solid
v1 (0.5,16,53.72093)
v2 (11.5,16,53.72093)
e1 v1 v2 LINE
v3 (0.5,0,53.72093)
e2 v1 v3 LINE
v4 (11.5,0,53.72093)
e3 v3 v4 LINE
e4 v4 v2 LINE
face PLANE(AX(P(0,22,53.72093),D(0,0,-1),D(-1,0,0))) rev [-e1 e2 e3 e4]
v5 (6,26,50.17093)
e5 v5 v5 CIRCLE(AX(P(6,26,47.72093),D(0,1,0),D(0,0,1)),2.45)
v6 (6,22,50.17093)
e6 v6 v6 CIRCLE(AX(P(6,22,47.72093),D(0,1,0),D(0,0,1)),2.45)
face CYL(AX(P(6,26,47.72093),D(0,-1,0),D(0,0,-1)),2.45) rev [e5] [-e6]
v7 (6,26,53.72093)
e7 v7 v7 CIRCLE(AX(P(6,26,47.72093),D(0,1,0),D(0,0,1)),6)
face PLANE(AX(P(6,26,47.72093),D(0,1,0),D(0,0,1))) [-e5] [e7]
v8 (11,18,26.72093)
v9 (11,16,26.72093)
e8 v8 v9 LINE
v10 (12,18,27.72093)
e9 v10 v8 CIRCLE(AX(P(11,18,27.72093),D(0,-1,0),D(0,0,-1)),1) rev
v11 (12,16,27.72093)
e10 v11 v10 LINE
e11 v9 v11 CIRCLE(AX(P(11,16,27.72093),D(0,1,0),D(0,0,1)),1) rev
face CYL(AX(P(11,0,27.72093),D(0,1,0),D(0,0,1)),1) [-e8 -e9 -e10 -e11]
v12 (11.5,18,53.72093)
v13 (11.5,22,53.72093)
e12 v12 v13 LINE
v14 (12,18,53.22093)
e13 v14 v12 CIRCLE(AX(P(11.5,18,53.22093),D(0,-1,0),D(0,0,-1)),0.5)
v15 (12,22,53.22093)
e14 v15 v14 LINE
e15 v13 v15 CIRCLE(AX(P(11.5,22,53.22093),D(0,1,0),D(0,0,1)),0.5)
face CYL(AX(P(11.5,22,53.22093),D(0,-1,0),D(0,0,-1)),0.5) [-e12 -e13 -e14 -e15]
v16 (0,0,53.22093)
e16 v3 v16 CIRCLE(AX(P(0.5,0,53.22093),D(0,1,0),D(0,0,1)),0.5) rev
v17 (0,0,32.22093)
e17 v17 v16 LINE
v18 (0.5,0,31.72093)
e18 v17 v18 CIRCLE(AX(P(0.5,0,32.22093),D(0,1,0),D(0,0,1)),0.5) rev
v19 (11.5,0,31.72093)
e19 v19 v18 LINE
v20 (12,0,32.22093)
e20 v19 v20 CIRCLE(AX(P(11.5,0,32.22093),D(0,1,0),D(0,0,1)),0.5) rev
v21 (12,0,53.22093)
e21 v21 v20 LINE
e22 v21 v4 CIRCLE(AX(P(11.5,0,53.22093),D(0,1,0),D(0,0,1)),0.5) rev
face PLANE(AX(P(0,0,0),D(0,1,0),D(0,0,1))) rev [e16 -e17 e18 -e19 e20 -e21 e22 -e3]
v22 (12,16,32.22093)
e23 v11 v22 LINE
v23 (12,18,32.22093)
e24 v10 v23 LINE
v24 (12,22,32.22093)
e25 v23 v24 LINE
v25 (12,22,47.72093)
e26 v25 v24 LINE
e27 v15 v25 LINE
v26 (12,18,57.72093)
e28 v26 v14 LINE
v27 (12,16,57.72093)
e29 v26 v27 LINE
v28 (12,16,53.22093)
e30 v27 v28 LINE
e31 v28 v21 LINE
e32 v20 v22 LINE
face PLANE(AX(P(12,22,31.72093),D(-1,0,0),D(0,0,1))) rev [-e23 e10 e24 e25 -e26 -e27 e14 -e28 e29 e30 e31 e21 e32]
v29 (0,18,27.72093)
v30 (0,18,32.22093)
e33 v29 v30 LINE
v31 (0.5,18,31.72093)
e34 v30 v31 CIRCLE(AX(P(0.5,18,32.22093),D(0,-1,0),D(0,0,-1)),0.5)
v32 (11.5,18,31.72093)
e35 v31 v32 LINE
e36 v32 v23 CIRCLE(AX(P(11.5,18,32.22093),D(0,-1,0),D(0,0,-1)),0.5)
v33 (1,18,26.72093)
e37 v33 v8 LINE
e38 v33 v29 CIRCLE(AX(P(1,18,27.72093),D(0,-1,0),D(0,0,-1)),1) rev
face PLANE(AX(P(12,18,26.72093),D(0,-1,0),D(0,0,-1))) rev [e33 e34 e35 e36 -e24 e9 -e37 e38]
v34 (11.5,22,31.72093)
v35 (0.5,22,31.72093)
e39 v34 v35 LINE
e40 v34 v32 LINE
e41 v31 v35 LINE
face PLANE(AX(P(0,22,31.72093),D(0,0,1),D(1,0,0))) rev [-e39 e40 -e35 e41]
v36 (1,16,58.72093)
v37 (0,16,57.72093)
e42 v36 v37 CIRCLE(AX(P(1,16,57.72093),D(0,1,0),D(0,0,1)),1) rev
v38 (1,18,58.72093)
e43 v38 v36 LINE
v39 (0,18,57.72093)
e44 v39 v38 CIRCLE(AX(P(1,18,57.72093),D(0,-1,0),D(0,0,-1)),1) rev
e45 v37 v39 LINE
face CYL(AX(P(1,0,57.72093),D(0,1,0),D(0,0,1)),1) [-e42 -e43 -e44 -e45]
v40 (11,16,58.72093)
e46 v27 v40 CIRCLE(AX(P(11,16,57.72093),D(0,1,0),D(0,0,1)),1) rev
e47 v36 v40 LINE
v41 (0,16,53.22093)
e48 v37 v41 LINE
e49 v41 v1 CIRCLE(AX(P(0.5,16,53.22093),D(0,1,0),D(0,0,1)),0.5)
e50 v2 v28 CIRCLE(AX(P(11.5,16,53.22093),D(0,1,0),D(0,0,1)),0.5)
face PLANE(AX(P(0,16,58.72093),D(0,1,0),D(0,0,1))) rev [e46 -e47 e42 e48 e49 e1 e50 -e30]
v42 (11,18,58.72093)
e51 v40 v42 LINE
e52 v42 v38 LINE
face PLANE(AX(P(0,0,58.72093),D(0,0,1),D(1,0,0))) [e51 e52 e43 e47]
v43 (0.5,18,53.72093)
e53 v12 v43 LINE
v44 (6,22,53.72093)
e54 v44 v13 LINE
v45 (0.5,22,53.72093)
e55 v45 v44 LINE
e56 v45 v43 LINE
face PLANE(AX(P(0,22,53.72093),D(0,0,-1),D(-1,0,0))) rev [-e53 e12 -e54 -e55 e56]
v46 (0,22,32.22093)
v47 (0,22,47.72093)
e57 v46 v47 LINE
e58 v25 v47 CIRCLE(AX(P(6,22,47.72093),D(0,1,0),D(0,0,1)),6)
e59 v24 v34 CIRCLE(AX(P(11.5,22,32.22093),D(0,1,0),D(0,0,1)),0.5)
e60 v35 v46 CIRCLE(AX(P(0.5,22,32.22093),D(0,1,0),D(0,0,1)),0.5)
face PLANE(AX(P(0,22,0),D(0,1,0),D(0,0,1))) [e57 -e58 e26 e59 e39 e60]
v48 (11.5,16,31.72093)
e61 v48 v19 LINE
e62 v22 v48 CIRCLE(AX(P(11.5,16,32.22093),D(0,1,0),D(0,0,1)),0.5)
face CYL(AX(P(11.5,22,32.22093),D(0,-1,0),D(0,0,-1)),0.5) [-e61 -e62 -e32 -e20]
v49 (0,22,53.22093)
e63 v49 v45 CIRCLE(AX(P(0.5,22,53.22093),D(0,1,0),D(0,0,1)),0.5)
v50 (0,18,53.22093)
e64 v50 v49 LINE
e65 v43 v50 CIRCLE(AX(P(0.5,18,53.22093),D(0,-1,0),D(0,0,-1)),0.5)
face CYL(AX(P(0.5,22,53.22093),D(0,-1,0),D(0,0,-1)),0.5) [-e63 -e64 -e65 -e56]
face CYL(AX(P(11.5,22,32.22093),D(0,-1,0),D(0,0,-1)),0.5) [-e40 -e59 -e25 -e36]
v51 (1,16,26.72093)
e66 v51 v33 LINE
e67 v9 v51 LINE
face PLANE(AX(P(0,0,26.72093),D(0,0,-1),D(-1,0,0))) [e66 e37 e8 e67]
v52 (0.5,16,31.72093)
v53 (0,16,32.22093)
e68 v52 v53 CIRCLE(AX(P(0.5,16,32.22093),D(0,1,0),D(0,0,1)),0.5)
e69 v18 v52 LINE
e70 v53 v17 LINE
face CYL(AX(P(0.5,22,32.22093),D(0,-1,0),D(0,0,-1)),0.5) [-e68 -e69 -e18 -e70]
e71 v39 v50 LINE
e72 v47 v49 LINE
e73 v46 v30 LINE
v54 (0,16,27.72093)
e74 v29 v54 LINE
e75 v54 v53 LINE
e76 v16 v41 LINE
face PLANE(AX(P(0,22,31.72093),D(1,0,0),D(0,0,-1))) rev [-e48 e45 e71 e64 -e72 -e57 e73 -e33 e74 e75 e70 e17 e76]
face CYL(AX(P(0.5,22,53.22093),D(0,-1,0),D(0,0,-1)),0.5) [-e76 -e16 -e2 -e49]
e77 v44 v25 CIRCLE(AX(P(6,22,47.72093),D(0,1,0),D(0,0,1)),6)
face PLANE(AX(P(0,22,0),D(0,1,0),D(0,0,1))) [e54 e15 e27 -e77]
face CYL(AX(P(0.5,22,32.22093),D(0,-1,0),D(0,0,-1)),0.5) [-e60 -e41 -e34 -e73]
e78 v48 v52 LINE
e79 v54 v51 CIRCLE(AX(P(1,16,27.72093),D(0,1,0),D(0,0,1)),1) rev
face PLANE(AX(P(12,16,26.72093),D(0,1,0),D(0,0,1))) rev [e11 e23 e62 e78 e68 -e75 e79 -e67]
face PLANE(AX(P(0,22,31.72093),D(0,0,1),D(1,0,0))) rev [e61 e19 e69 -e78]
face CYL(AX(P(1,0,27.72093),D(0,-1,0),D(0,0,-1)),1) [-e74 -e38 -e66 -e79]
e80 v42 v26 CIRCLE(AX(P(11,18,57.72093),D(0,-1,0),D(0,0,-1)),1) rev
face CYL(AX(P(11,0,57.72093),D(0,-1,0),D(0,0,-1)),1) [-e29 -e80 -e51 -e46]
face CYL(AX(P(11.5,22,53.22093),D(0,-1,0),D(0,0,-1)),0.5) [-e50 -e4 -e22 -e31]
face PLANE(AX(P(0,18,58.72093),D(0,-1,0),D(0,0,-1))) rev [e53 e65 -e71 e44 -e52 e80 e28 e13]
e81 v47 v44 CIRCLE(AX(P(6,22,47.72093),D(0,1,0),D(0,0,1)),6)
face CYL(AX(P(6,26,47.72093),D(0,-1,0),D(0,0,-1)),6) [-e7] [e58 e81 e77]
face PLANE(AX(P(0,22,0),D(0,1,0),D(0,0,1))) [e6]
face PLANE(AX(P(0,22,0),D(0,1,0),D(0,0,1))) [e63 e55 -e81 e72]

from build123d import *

# Parameters (mm, degrees)
SKETCH2_W           = 12
SKETCH2_H           = 22
BOSS_EXTRUDE1_DEPTH = 22
SKETCH3_R           = 6
SKETCH3_R_2         = 2.45
BOSS_EXTRUDE2_DEPTH = 4
SKETCH4_W           = 12
SKETCH4_H           = 2
BOSS_EXTRUDE3_DEPTH = 5
SKETCH5_W           = 12
SKETCH5_H           = 2
BOSS_EXTRUDE4_DEPTH = 5
FILLET1_R           = 1
FILLET2_R           = 0.5


with BuildPart() as part:
    # Sketch2 → Boss-Extrude1 (new body)
    with BuildSketch(Plane(origin=(0, 0, 0), x_dir=(1, 0, 0), z_dir=(0, 1, 0))):
        with Locations((6, -42.720930233)):
            Rectangle(SKETCH2_W, SKETCH2_H)
    extrude(amount=BOSS_EXTRUDE1_DEPTH)

    # Sketch3 → Boss-Extrude2 (add)
    with BuildSketch(Plane(origin=(0, 22, 0), x_dir=(1, 0, 0), z_dir=(0, 1, 0))):
        with Locations(Location((6, -47.720930233, 0), (0, 0, 270))):
            Circle(SKETCH3_R)
        with Locations(Location((6, -47.720930233, 0), (0, 0, 270))):
            Circle(SKETCH3_R_2, mode=Mode.SUBTRACT)
    extrude(amount=BOSS_EXTRUDE2_DEPTH)

    # Sketch4 → Boss-Extrude3 (add)
    with BuildSketch(Plane.XY.offset(53.720930233)):
        with Locations((6, 17)):
            Rectangle(SKETCH4_W, SKETCH4_H)
    extrude(amount=BOSS_EXTRUDE3_DEPTH)

    # Sketch5 → Boss-Extrude4 (add)
    with BuildSketch(Plane(origin=(0, 0, 31.720930233), x_dir=(-1, 0, 0), z_dir=(0, 0, -1))):
        with Locations((-6, 17)):
            Rectangle(SKETCH5_W, SKETCH5_H)
    extrude(amount=BOSS_EXTRUDE4_DEPTH)

    # Fillet1
    fillet1_edges = [part.edges().sort_by_distance(p)[0] for p in [
        (0, 17, 58.720930233),
        (12, 17, 58.720930233),
        (12, 17, 26.720930233),
        (0, 17, 26.720930233),
    ]]
    fillet(fillet1_edges, radius=FILLET1_R)

    # Fillet2
    fillet2_edges = [part.edges().sort_by_distance(p)[0] for p in [
        (12, 8, 53.720930233),
        (0, 8, 53.720930233),
        (0, 8, 31.720930233),
        (12, 8, 31.720930233),
        (0, 20, 31.720930233),
        (12, 20, 31.720930233),
        (12, 20, 53.720930233),
        (0, 20, 53.720930233),
    ]]
    fillet(fillet2_edges, radius=FILLET2_R)


solid = part.part
